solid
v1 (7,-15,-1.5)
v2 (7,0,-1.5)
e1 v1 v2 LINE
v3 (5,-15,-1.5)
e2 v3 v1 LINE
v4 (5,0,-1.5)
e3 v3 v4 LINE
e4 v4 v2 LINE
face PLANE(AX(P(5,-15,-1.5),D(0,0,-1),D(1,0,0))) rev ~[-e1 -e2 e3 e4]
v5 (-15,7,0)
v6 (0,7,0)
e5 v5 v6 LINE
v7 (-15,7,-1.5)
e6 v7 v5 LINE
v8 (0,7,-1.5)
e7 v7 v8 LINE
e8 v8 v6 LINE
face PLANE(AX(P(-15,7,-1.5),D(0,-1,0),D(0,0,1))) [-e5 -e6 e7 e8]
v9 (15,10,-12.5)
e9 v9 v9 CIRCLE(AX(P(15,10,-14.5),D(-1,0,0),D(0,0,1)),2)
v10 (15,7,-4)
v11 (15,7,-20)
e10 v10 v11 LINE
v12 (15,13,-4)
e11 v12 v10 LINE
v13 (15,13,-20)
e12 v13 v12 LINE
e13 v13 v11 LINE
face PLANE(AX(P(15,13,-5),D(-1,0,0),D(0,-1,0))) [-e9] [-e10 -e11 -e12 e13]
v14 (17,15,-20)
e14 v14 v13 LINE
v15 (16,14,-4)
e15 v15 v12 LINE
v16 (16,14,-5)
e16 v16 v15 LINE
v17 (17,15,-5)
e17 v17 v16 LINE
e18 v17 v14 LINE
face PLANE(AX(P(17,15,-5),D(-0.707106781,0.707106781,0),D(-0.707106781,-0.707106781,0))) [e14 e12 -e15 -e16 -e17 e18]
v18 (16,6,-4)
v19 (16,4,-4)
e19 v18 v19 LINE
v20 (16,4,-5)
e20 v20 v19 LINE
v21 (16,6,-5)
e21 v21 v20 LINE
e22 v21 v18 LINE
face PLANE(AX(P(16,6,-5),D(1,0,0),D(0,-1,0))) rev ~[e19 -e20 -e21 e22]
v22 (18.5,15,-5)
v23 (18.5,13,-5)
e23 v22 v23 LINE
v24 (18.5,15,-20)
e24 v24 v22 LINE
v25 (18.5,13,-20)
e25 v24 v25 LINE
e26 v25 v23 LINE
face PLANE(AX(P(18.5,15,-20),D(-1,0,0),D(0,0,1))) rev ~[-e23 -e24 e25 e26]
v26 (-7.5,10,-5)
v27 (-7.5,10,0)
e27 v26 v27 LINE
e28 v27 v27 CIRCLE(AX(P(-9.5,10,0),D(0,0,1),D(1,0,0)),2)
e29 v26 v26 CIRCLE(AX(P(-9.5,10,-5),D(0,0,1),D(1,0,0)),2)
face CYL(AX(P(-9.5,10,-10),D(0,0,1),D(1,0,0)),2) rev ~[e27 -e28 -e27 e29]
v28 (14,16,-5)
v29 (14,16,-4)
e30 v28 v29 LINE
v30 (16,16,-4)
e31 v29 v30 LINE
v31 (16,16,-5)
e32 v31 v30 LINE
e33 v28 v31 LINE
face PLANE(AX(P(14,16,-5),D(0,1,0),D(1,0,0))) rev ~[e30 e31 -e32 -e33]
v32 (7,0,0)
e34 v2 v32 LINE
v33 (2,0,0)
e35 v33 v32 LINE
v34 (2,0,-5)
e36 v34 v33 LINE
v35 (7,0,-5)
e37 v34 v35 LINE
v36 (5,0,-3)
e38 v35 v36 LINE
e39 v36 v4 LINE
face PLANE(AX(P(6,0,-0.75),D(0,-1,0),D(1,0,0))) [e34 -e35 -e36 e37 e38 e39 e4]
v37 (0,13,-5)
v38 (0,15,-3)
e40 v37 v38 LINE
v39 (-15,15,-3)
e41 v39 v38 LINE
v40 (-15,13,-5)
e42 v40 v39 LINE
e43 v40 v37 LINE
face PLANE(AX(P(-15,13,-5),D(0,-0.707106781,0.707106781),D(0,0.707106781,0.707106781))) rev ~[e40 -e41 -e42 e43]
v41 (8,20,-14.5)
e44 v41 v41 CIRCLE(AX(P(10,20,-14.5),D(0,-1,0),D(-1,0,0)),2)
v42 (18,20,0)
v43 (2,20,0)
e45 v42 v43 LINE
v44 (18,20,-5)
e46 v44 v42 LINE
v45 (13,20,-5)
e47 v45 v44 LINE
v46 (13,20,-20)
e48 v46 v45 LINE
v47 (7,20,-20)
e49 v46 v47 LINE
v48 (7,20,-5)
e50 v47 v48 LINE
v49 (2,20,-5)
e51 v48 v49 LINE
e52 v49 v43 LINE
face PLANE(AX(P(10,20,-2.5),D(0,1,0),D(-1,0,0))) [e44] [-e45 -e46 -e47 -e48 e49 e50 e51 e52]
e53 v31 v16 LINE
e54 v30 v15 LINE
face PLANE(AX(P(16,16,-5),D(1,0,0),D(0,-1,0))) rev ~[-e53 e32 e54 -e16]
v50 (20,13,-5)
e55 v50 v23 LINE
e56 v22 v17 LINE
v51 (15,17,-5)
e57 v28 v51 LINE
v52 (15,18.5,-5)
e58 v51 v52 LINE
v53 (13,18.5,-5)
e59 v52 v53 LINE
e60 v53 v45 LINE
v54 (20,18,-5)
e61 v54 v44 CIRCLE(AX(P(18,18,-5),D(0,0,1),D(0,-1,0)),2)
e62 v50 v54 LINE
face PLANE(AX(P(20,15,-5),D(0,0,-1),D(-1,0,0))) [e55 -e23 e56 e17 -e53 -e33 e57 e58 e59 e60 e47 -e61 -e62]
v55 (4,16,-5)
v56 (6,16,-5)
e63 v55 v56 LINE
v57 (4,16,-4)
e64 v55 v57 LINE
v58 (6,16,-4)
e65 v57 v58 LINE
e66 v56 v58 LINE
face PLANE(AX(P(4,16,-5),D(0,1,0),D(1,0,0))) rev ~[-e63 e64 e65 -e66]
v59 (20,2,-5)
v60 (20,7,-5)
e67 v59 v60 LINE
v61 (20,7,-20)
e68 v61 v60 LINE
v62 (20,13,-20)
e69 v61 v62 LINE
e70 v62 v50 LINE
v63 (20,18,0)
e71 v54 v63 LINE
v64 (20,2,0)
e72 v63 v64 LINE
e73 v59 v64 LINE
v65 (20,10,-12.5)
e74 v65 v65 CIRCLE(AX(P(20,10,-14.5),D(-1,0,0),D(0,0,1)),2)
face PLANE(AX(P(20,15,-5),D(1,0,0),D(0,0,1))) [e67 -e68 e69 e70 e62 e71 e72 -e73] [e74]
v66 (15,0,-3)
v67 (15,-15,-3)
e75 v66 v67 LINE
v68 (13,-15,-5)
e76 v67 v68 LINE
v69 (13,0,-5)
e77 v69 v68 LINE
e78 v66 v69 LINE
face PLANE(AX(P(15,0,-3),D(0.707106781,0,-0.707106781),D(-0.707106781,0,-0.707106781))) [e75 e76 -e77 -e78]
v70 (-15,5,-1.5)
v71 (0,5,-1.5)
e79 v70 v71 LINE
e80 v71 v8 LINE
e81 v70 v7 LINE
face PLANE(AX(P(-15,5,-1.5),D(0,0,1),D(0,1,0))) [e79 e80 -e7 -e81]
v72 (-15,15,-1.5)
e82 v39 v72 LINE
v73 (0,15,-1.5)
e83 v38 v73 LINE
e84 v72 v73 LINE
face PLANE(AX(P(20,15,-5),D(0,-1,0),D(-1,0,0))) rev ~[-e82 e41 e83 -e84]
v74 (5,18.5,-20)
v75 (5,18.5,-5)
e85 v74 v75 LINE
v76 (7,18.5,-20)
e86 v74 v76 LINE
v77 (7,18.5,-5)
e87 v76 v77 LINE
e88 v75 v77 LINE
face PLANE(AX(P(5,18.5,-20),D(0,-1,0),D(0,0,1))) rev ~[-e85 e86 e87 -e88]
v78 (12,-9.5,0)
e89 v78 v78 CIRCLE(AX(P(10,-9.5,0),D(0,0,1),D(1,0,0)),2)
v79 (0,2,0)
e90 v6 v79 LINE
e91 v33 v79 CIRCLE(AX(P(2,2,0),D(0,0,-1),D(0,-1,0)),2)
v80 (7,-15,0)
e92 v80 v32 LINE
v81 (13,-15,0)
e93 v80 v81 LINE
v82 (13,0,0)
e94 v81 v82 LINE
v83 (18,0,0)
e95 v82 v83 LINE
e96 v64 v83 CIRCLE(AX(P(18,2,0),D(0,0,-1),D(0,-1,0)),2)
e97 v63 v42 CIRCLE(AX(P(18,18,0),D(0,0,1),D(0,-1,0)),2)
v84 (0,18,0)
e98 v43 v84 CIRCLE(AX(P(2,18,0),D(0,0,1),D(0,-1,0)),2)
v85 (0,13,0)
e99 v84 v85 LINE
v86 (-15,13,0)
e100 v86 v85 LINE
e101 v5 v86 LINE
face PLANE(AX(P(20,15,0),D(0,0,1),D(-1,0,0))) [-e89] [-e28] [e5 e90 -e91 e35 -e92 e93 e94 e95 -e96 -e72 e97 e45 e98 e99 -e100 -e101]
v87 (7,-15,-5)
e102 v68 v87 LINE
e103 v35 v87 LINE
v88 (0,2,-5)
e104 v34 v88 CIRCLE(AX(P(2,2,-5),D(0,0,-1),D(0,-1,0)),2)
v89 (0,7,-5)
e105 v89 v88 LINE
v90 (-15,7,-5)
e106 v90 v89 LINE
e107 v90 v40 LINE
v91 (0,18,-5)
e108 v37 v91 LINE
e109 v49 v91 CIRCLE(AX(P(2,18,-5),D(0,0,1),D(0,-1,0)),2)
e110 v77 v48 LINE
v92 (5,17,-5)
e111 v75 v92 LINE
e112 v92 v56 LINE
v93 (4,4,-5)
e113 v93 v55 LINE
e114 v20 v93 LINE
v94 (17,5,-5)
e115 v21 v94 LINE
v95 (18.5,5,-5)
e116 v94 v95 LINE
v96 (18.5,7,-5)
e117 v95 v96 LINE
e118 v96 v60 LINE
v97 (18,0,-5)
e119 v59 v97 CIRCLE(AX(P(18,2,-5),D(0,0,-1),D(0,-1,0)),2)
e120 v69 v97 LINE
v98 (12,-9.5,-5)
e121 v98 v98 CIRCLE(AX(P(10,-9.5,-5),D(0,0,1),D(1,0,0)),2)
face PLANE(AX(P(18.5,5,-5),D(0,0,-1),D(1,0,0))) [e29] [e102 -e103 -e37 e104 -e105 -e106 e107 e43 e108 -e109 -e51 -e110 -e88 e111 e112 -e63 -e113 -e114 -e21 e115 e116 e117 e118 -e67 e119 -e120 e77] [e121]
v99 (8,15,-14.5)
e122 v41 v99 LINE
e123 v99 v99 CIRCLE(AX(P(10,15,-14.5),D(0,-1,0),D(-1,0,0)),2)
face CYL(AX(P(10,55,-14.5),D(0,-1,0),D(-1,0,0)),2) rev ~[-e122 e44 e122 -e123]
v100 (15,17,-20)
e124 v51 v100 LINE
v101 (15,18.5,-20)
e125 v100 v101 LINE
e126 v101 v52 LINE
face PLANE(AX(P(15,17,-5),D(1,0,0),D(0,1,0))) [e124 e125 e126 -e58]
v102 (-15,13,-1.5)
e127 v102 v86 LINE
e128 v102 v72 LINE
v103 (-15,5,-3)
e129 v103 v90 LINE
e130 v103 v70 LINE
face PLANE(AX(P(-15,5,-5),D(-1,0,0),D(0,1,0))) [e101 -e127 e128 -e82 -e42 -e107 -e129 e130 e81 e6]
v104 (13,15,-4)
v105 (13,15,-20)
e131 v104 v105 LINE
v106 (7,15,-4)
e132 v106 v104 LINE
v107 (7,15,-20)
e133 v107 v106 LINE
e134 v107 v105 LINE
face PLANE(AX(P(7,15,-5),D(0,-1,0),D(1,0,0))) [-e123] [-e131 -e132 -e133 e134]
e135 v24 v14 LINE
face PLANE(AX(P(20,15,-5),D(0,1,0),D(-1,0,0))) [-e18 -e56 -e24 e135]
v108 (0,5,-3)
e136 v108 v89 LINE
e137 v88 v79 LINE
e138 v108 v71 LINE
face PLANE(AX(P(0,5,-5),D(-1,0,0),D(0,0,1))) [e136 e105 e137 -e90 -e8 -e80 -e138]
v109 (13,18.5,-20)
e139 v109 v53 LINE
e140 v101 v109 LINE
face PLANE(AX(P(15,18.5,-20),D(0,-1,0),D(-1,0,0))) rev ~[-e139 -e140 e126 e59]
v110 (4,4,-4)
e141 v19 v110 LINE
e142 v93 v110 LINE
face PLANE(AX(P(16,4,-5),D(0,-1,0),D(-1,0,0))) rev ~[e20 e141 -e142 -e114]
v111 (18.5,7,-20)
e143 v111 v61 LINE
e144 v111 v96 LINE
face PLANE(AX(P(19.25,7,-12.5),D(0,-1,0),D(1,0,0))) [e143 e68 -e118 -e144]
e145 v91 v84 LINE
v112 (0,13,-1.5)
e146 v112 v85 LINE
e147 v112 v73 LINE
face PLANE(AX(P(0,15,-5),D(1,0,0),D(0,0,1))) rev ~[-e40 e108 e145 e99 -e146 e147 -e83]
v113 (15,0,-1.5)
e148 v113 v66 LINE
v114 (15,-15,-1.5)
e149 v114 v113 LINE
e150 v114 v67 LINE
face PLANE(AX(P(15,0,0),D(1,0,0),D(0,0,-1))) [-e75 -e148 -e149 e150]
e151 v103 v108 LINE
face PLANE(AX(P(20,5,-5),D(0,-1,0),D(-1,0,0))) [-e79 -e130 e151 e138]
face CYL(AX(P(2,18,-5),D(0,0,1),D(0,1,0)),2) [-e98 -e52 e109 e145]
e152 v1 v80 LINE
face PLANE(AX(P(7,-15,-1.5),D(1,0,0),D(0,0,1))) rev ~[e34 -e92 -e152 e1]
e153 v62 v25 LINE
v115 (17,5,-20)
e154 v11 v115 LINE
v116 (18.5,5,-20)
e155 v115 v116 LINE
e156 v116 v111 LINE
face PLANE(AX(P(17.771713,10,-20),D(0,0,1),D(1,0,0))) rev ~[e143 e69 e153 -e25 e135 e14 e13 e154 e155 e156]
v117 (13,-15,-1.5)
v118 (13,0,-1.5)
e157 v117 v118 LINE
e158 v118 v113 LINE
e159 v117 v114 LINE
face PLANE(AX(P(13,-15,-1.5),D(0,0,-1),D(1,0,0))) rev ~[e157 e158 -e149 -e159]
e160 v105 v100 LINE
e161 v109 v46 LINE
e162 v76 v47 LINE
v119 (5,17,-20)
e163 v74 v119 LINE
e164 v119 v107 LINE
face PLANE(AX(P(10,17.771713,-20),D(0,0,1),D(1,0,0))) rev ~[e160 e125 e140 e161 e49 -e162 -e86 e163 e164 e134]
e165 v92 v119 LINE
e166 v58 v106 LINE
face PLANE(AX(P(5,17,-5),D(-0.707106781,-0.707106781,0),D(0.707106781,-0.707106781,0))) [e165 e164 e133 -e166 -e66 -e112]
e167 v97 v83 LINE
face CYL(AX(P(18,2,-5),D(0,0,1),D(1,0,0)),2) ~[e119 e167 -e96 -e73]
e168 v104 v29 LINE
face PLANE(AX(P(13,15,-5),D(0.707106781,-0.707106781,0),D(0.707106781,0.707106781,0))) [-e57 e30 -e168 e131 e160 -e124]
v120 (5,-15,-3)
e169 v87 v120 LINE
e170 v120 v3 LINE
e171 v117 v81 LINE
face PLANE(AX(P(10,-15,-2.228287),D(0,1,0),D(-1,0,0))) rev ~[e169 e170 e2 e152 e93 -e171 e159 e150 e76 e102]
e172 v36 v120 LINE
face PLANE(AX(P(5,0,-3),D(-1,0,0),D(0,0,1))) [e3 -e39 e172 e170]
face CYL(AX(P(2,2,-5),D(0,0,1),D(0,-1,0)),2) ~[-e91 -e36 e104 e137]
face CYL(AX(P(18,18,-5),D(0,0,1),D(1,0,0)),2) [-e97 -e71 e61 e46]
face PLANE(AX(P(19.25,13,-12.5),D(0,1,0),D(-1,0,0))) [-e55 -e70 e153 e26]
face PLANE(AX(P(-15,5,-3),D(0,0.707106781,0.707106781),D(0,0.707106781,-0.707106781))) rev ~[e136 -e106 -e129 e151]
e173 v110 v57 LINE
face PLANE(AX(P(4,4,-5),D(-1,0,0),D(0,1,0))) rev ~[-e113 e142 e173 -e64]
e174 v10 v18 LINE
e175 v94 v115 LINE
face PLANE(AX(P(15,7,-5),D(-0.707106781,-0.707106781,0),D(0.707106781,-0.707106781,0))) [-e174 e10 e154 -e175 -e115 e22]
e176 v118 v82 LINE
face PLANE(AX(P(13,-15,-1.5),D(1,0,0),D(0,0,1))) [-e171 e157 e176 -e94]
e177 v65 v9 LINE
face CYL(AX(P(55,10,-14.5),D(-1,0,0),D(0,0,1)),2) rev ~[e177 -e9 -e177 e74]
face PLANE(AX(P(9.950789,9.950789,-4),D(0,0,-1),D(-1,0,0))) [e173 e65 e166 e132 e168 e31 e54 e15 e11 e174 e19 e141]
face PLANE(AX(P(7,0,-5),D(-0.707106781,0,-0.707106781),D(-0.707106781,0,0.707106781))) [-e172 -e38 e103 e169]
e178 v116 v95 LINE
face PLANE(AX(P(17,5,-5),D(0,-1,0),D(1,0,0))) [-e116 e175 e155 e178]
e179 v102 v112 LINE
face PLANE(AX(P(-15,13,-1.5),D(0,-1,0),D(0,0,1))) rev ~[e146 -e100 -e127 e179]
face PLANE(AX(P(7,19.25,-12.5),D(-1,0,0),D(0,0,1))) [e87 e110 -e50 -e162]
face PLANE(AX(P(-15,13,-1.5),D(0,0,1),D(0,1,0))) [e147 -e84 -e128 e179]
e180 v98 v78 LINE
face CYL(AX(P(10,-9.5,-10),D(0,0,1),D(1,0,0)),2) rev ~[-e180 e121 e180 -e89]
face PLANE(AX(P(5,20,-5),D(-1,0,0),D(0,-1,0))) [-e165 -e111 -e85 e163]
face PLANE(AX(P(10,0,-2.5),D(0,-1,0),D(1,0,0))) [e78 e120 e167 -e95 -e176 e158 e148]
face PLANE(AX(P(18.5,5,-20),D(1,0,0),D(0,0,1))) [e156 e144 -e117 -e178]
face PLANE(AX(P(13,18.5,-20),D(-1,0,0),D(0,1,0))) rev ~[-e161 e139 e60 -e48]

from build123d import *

# Parameters (mm, degrees)
SKETCH1_W                 = 35.000000224
SKETCH1_H                 = 10
BOSS_EXTRUDE1_DEPTH       = 5
CUT_EXTRUDE1_DEPTH        = 15.000000224
SKETCH3_W                 = 20
SKETCH3_H                 = 5
BOSS_EXTRUDE2_DEPTH       = 5
CUT_EXTRUDE2_DEPTH        = 15.000000224
SKETCH5_W                 = 20
SKETCH5_H                 = 5
BOSS_EXTRUDE3_DEPTH       = 5
BOSS_EXTRUDE4_DEPTH       = 15
BOSS_EXTRUDE5_DEPTH       = 15
BOSS_EXTRUDE6_DEPTH       = 15
CUT_EXTRUDE3_DEPTH        = 1
SKETCH10_W                = 15
SKETCH10_H                = 1.5
CUT_EXTRUDE4_DEPTH        = 2.000000104
SKETCH11_W                = 2.000000194
SKETCH11_H                = 1.5
CUT_EXTRUDE5_DEPTH        = 15
SKETCH12_W                = 1.5
SKETCH12_H                = 2
CUT_EXTRUDE6_DEPTH        = 15.000000224
SKETCH13_W                = 1.5
SKETCH13_H                = 2.000000104
CUT_EXTRUDE7_DEPTH        = 15.000000224
SKETCH14_W                = 1.999999806
SKETCH14_H                = 1.5
CUT_EXTRUDE8_DEPTH        = 15
SKETCH15_W                = 1.5
SKETCH15_H                = 15
CUT_EXTRUDE9_DEPTH        = 2.000000104
SKETCH16_W                = 1.5
SKETCH16_H                = 15
CUT_EXTRUDE10_DEPTH       = 2
SKETCH17_W                = 1.999999806
SKETCH17_H                = 1.5
CUT_EXTRUDE11_DEPTH       = 15
F_6_CLEARANCE_HOLE1_D     = 4
F_6_CLEARANCE_HOLE1_DEPTH = 5
F_6_CLEARANCE_HOLE2_D     = 4
F_6_CLEARANCE_HOLE2_DEPTH = 35
F_6_CLEARANCE_HOLE3_D     = 4
F_6_CLEARANCE_HOLE3_DEPTH = 35.000000224
FILLET1_R                 = 2


with BuildPart() as part:
    # Sketch1 → Boss-Extrude1 (new body)
    with BuildSketch(Plane(origin=(0, 0, -5), x_dir=(-1, 0, 0), z_dir=(0, 0, -1))):
        with Locations((-2.499999888, 10)):
            Rectangle(SKETCH1_W, SKETCH1_H)
    extrude(amount=-BOSS_EXTRUDE1_DEPTH)

    # Sketch2 → Cut-Extrude1 (cut)
    with BuildSketch(Plane.ZY.offset(15.000000224)):
        Polygon((-3, 5), (-5, 7), (-5, 5), align=None)
    extrude(amount=-CUT_EXTRUDE1_DEPTH, mode=Mode.SUBTRACT)

    # Sketch3 → Boss-Extrude2 (add)
    with BuildSketch(Plane.XZ.offset(-5)):
        with Locations((10, -2.5)):
            Rectangle(SKETCH3_W, SKETCH3_H)
    extrude(amount=BOSS_EXTRUDE2_DEPTH)

    # Sketch4 → Cut-Extrude2 (cut)
    with BuildSketch(Plane.ZY.offset(15.000000224)):
        Polygon((-5, 13), (-3, 15), (-5, 15), align=None)
    extrude(amount=-CUT_EXTRUDE2_DEPTH, mode=Mode.SUBTRACT)

    # Sketch5 → Boss-Extrude3 (add)
    with BuildSketch(Plane(origin=(0, 15, 0), x_dir=(-1, 0, 0), z_dir=(0, 1, 0))):
        with Locations((-10, -2.5)):
            Rectangle(SKETCH5_W, SKETCH5_H)
    extrude(amount=BOSS_EXTRUDE3_DEPTH)

    # Sketch6 → Boss-Extrude4 (add)
    with BuildSketch(Plane.XZ):
        Polygon((15, 0), (15, -3), (13, -5), (7, -5), (5, -3), (5, 0), align=None)
    extrude(amount=BOSS_EXTRUDE4_DEPTH)

    # Sketch7 → Boss-Extrude5 (add)
    with BuildSketch(Plane(origin=(0, 0, -5), x_dir=(-1, 0, 0), z_dir=(0, 0, -1))):
        Polygon((-5, 20), (-5, 17), (-7, 15), (-13, 15), (-15, 17), (-15, 20), align=None)
    extrude(amount=BOSS_EXTRUDE5_DEPTH)

    # Sketch8 → Boss-Extrude6 (add)
    with BuildSketch(Plane(origin=(0, 0, -5), x_dir=(-1, 0, 0), z_dir=(0, 0, -1))):
        Polygon((-20, 5), (-20, 15), (-17, 15), (-15, 13), (-15, 7), (-17, 5), align=None)
    extrude(amount=BOSS_EXTRUDE6_DEPTH)

    # Sketch9 → Cut-Extrude3 (cut)
    with BuildSketch(Plane(origin=(0, 0, -5), x_dir=(-1, 0, 0), z_dir=(0, 0, -1))):
        Polygon((-16.000000238, 16), (-16.000000238, 14.000000238), (-15, 13), (-15, 7), (-16.000000238, 5.999999762), (-16.000000238, 4), (-4, 4), (-4, 16), (-6, 16), (-7, 15), (-13, 15), (-14, 16), align=None)
    extrude(amount=-CUT_EXTRUDE3_DEPTH, mode=Mode.SUBTRACT)

    # Sketch10 → Cut-Extrude4 (cut)
    with BuildSketch(Plane.ZY.offset(-5)):
        with Locations((-12.5, 19.25)):
            Rectangle(SKETCH10_W, SKETCH10_H)
    extrude(amount=-CUT_EXTRUDE4_DEPTH, mode=Mode.SUBTRACT)

    # Sketch11 → Cut-Extrude5 (cut)
    with BuildSketch(Plane.XZ.offset(15)):
        with Locations((6.000000097, -0.75)):
            Rectangle(SKETCH11_W, SKETCH11_H)
    extrude(amount=-CUT_EXTRUDE5_DEPTH, mode=Mode.SUBTRACT)

    # Sketch12 → Cut-Extrude6 (cut)
    with BuildSketch(Plane.ZY.offset(15.000000224)):
        with Locations((-0.75, 14)):
            Rectangle(SKETCH12_W, SKETCH12_H)
    extrude(amount=-CUT_EXTRUDE6_DEPTH, mode=Mode.SUBTRACT)

    # Sketch13 → Cut-Extrude7 (cut)
    with BuildSketch(Plane.ZY.offset(15.000000224)):
        with Locations((-0.75, 6.000000052)):
            Rectangle(SKETCH13_W, SKETCH13_H)
    extrude(amount=-CUT_EXTRUDE7_DEPTH, mode=Mode.SUBTRACT)

    # Sketch14 → Cut-Extrude8 (cut)
    with BuildSketch(Plane.XZ.offset(15)):
        with Locations((14.000000097, -0.75)):
            Rectangle(SKETCH14_W, SKETCH14_H)
    extrude(amount=-CUT_EXTRUDE8_DEPTH, mode=Mode.SUBTRACT)

    # Sketch15 → Cut-Extrude9 (cut)
    with BuildSketch(Plane.XZ.offset(-5)):
        with Locations((19.25, -12.5)):
            Rectangle(SKETCH15_W, SKETCH15_H)
    extrude(amount=-CUT_EXTRUDE9_DEPTH, mode=Mode.SUBTRACT)

    # Sketch16 → Cut-Extrude10 (cut)
    with BuildSketch(Plane(origin=(0, 15, 0), x_dir=(-1, 0, 0), z_dir=(0, 1, 0))):
        with Locations((-19.25, -12.5)):
            Rectangle(SKETCH16_W, SKETCH16_H)
    extrude(amount=-CUT_EXTRUDE10_DEPTH, mode=Mode.SUBTRACT)

    # Sketch17 → Cut-Extrude11 (cut)
    with BuildSketch(Plane(origin=(0, 0, -20), x_dir=(-1, 0, 0), z_dir=(0, 0, -1))):
        with Locations((-14.000000097, 19.25)):
            Rectangle(SKETCH17_W, SKETCH17_H)
    extrude(amount=-CUT_EXTRUDE11_DEPTH, mode=Mode.SUBTRACT)

    # #6 Clearance Hole1
    with Locations(Plane(origin=(0, 0, -5), x_dir=(-1, 0, 0), z_dir=(0, 0, -1))):
        with Locations((-10, -9.5), (9.5, 10)):
            Hole(F_6_CLEARANCE_HOLE1_D / 2, depth=F_6_CLEARANCE_HOLE1_DEPTH)

    # #6 Clearance Hole2
    with Locations(Plane(origin=(0, 20, 0), x_dir=(1, 0, 0), z_dir=(0, 1, 0))):
        with Locations((10.000000149, 14.5)):
            Hole(F_6_CLEARANCE_HOLE2_D / 2, depth=F_6_CLEARANCE_HOLE2_DEPTH)

    # #6 Clearance Hole3
    with Locations(Plane(origin=(20, 0, 0), x_dir=(0, 0, -1), z_dir=(1, 0, 0))):
        with Locations((14.5, 10.000000052)):
            Hole(F_6_CLEARANCE_HOLE3_D / 2, depth=F_6_CLEARANCE_HOLE3_DEPTH)

    # Fillet1
    fillet1_edges = [part.edges().sort_by_distance(p)[0] for p in [
        (20, 0, -2.5),
        (0, 0, -2.5),
        (0, 20, -2.5),
        (20, 20, -2.5),
    ]]
    fillet(fillet1_edges, radius=FILLET1_R)


solid = part.part
